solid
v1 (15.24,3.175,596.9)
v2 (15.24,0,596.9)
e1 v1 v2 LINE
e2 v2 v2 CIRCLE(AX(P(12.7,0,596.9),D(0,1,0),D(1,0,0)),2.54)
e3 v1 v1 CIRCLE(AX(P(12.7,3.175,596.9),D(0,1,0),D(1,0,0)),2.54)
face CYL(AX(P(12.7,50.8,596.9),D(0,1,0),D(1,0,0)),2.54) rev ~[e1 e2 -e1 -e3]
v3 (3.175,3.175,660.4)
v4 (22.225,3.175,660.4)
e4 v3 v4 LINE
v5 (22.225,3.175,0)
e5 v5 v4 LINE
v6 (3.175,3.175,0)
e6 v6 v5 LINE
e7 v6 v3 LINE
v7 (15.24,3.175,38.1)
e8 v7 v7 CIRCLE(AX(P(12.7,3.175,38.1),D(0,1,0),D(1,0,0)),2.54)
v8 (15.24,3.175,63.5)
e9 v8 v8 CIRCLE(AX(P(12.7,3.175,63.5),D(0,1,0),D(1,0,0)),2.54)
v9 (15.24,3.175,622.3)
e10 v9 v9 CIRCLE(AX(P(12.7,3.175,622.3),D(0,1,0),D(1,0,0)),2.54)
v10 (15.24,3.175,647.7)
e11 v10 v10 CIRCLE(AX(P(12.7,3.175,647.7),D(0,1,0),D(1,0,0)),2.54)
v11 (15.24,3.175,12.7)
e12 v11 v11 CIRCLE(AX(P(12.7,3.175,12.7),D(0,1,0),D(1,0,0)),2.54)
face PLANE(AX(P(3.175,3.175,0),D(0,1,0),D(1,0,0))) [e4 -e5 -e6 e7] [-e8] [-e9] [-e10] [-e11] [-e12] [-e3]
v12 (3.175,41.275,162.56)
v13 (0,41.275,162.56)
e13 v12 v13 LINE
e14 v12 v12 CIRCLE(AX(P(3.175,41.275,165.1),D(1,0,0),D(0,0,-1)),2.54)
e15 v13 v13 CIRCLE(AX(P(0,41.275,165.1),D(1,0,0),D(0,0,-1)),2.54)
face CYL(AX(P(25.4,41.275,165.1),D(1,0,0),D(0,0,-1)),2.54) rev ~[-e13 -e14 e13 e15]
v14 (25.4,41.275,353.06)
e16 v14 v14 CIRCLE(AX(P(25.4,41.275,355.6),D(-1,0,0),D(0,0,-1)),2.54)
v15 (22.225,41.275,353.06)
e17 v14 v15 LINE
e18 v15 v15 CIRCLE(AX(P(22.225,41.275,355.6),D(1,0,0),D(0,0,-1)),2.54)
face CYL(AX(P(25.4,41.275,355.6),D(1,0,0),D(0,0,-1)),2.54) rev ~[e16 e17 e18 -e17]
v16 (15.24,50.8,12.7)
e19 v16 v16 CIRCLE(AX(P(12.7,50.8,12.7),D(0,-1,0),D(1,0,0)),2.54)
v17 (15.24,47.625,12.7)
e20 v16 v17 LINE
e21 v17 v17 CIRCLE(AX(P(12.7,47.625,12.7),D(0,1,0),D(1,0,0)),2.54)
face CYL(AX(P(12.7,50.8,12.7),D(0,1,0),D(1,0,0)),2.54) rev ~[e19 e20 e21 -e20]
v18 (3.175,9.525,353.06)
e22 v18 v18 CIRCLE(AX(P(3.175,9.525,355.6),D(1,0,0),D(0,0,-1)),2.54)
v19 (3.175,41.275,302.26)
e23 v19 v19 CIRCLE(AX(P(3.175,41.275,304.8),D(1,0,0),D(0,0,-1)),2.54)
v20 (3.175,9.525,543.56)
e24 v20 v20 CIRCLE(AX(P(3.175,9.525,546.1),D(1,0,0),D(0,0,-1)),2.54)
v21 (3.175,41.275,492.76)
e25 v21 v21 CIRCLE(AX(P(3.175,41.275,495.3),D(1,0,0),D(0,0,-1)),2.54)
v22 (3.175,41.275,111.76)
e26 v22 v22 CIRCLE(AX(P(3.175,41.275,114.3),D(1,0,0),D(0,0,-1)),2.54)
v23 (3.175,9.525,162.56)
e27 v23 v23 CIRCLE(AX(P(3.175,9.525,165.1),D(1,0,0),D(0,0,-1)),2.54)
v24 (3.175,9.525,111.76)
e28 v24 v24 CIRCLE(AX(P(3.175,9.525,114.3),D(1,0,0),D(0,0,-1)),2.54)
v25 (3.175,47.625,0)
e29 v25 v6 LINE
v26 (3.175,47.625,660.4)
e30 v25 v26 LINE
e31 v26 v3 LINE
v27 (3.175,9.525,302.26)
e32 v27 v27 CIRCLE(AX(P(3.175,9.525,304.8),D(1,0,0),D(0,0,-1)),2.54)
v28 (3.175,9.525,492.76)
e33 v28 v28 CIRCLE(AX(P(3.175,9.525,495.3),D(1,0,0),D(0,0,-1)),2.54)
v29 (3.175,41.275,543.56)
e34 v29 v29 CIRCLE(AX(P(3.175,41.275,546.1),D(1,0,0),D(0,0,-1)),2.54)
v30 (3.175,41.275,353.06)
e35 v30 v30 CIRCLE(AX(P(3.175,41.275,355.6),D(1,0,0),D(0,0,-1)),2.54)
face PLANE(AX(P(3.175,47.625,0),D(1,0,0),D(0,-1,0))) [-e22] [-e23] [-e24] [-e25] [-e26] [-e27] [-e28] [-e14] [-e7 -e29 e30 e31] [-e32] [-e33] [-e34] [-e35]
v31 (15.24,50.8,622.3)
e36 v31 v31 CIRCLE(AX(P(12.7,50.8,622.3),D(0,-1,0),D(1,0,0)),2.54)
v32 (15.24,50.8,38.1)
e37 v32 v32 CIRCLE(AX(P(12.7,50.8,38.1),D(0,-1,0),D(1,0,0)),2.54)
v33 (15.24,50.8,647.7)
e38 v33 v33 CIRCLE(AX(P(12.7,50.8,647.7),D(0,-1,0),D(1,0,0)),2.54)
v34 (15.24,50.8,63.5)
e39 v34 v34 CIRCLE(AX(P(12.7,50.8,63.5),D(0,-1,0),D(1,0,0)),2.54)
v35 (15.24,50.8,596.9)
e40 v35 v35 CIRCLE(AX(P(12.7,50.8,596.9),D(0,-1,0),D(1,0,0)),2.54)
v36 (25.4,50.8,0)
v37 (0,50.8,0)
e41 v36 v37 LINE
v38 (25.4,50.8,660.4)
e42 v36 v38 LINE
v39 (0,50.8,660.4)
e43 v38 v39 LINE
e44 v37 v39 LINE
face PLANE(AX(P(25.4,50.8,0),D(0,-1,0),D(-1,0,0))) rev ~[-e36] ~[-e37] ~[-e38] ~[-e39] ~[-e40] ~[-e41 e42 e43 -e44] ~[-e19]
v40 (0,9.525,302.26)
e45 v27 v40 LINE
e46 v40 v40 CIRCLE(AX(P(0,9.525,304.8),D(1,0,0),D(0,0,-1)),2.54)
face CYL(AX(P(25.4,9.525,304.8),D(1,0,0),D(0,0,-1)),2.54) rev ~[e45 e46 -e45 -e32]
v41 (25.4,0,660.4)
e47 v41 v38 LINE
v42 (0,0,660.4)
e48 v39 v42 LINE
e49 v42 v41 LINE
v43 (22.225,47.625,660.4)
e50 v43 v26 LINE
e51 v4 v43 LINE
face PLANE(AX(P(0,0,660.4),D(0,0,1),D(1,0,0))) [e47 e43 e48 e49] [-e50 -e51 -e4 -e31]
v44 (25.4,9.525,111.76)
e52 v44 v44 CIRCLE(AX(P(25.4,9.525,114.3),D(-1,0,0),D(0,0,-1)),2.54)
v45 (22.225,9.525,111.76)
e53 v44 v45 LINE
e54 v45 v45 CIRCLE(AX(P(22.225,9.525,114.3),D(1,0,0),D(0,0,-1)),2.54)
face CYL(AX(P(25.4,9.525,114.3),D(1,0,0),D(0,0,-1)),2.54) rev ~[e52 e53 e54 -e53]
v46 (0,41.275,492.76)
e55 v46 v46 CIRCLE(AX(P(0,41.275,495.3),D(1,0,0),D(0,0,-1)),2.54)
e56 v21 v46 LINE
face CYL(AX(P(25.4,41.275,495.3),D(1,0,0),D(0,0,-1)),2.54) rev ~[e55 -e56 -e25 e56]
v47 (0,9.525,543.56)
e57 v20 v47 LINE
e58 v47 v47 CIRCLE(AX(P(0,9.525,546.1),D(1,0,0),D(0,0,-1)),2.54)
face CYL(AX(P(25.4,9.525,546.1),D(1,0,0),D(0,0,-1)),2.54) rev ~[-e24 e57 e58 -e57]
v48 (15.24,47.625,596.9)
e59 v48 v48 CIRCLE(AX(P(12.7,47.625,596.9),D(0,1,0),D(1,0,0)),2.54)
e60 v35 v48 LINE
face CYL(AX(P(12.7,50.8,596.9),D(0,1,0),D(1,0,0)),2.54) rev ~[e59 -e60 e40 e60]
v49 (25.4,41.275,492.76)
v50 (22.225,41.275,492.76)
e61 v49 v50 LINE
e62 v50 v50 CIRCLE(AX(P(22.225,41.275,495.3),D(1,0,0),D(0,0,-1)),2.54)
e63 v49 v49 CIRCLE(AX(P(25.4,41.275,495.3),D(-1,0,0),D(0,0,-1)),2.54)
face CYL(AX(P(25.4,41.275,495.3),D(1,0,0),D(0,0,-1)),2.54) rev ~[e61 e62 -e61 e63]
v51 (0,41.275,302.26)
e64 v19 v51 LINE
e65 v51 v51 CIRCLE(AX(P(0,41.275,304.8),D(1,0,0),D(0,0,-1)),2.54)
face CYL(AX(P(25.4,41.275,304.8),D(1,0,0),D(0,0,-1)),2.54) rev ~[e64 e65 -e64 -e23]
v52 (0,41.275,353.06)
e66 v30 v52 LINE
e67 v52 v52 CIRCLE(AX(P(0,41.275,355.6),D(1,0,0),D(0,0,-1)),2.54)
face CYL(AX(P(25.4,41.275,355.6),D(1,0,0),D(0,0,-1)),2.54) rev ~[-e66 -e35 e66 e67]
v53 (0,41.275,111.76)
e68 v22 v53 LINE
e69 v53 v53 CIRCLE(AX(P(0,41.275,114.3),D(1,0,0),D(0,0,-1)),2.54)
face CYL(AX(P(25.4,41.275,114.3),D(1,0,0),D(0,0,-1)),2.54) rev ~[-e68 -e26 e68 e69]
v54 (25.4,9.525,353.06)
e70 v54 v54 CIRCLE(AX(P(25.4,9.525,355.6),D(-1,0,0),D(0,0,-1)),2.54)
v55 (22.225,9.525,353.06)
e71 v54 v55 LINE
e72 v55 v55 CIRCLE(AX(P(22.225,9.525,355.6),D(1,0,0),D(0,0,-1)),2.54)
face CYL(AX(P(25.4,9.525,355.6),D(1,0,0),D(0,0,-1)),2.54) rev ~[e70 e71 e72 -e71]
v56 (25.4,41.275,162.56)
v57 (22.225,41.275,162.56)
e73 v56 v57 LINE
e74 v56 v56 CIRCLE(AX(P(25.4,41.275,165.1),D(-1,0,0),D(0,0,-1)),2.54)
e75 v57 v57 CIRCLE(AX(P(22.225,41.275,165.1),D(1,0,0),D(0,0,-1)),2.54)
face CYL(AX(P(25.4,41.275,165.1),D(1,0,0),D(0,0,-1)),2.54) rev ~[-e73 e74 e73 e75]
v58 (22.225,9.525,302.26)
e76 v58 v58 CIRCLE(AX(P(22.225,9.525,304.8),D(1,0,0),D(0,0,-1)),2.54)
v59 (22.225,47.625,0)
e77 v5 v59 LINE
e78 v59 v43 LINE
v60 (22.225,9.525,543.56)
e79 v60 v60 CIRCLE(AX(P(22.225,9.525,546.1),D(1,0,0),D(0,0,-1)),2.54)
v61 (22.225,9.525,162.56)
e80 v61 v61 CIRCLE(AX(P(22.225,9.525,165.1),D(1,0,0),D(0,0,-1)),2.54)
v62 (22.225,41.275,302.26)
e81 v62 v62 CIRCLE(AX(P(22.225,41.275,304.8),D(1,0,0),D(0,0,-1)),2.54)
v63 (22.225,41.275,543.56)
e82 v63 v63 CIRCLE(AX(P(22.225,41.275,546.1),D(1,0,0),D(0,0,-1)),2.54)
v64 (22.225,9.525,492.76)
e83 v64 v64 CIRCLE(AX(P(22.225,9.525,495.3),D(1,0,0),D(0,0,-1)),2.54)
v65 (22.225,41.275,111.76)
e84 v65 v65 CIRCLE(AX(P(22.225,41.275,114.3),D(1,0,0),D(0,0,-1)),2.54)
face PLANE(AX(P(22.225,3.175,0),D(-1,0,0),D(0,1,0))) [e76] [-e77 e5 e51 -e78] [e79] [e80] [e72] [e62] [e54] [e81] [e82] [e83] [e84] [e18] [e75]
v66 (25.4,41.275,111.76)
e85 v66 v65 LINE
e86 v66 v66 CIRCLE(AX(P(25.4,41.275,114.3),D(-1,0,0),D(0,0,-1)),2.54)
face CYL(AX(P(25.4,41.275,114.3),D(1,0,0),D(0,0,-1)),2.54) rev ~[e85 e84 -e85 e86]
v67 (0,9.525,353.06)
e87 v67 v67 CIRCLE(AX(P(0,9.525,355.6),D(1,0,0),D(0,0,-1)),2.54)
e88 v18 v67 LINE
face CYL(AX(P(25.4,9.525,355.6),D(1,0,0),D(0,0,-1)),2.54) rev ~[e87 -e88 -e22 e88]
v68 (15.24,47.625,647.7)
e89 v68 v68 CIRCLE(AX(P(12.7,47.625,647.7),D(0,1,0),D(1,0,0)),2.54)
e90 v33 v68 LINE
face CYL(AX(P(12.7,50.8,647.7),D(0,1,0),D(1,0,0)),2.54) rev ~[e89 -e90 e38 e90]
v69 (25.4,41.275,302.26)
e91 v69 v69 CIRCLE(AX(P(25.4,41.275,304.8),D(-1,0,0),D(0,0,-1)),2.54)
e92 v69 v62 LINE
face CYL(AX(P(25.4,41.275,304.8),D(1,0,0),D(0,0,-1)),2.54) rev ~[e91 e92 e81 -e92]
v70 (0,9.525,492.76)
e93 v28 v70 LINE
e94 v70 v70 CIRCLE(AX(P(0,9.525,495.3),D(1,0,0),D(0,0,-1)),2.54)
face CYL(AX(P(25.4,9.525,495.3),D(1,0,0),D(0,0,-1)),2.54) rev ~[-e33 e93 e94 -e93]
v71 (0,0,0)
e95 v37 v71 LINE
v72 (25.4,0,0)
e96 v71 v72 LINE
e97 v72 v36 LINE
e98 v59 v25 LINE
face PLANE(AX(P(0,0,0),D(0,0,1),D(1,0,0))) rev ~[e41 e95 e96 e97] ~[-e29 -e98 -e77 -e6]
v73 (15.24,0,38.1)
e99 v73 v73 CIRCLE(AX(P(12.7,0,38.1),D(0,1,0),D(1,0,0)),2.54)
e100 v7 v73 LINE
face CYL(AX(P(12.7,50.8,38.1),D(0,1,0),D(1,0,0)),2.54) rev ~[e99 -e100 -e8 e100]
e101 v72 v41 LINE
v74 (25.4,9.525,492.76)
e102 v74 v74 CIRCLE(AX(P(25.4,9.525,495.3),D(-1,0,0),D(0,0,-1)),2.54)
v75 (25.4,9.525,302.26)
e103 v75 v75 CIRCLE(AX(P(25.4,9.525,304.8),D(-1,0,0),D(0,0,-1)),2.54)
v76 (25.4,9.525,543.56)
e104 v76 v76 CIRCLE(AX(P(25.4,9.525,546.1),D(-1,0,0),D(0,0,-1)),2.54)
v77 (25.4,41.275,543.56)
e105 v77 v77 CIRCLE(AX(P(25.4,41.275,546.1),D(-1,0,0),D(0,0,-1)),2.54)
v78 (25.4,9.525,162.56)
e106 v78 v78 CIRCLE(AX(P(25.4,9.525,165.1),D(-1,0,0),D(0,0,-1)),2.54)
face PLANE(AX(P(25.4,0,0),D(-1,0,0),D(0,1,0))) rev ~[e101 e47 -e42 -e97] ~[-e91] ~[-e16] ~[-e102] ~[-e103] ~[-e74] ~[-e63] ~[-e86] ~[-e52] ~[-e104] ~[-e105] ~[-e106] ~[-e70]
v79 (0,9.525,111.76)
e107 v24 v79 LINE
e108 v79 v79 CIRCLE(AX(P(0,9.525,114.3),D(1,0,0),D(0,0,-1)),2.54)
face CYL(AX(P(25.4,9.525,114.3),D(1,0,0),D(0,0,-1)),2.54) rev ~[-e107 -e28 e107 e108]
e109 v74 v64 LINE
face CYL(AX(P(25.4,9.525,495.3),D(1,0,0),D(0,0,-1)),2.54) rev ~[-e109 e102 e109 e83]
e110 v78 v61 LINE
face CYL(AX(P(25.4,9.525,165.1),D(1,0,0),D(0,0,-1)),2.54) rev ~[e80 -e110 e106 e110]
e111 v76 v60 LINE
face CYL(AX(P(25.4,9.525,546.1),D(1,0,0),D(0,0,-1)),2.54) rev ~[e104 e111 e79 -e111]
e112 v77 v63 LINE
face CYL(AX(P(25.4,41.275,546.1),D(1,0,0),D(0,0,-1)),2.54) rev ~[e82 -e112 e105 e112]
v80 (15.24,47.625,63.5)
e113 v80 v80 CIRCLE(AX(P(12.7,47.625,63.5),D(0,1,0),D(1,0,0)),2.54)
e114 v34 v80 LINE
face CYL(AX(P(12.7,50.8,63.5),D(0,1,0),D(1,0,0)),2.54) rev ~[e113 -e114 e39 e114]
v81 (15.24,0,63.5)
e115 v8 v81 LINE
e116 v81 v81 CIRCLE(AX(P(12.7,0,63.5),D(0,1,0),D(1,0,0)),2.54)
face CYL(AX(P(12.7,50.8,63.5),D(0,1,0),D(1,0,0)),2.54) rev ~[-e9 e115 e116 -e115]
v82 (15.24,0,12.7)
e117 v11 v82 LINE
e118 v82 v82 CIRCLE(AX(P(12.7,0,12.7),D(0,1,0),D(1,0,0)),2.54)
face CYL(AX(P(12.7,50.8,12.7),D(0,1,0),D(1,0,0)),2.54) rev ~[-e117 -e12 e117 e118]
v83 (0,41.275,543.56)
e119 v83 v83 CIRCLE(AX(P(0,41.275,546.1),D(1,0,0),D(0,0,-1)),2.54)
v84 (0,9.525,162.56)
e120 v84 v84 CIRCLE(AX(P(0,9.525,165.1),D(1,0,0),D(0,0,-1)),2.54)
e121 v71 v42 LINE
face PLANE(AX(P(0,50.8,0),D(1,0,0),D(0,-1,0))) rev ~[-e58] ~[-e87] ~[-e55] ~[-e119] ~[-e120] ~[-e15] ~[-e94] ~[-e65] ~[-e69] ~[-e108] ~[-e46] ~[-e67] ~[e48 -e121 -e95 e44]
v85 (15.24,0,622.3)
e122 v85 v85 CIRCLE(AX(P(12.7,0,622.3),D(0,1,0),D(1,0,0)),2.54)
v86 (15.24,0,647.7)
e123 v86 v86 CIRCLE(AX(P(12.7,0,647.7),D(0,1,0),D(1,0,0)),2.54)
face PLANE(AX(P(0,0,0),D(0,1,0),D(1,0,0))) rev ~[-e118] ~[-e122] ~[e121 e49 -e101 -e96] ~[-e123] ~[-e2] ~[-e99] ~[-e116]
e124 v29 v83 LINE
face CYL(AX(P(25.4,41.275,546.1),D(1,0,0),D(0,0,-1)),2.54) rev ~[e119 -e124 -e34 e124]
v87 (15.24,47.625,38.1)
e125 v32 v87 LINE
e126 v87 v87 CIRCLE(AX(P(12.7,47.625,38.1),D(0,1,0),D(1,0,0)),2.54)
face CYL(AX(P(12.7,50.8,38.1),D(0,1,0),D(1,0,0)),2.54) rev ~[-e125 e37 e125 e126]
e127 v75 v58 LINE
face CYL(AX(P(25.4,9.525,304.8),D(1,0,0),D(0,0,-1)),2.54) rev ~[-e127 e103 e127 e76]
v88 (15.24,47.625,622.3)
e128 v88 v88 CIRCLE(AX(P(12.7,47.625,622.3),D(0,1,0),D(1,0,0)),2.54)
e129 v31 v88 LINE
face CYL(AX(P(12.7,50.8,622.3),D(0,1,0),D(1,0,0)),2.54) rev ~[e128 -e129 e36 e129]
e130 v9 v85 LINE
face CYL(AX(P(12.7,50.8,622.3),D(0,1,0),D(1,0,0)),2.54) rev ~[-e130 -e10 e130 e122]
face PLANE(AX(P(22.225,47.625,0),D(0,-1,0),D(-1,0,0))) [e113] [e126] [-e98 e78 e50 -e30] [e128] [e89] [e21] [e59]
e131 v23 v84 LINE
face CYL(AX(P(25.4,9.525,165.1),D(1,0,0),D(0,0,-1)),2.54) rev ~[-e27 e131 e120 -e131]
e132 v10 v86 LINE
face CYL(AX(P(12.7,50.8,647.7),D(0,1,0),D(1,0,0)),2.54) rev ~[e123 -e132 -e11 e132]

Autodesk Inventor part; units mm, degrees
ref_plane "YZ Plane" through (0, 0, 0) normal (1, 0, 0) x (0, 1, 0)
ref_plane "XZ Plane" through (0, 0, 0) normal (0, 1, 0) x (-1, 0, 0)
ref_plane "XY Plane" through (0, 0, 0) normal (0, 0, 1) x (1, 0, 0)
sketch "Sketch1" plane through (0, 0, 0) normal (0, 0, 1) x (1, 0, 0)
  line L0 (0, 0) -> (25.4, 0)
  line L1 (25.4, 0) -> (25.4, 50.8)
  line L2 (25.4, 50.8) -> (0, 50.8)
  line L3 (0, 50.8) -> (0, 0)
  line L4 (3.175, 3.175) -> (22.225, 3.175)
  line L5 (22.225, 3.175) -> (22.225, 47.625)
  line L6 (22.225, 47.625) -> (3.175, 47.625)
  line L7 (3.175, 47.625) -> (3.175, 3.175)
  dimension "d0" = 25.4
  dimension "d1" = 50.8
  dimension "d2" = 3.175
  dimension "d3" = 3.175
  dimension "d4" = 3.175
  dimension "d5" = 3.175
extrude "Extrusion1" add sketch "Sketch1" along normal blind 660.4
sketch "Sketch2" plane through (0, 50.8, 0) normal (0, 1, 0) x (1, 0, 0)
  line L0 (25.4, 0) -> (0, 0) projected
  line L1 (12.7, 0) -> (12.7, -660.4)
  line L2 (0, -660.4) -> (25.4, -660.4) projected
  line L3 (12.7, -660.4) -> (12.7, -647.7)
  line L4 (12.7, -647.7) -> (12.7, -622.3)
  line L5 (12.7, -622.3) -> (12.7, -596.9)
  circle A0 centre (12.7, -647.7) radius 2.54
  circle A1 centre (12.7, -622.3) radius 2.54
  circle A2 centre (12.7, -596.9) radius 2.54
  line L6 (12.7, 0) -> (12.7, -12.7)
  line L7 (12.7, -12.7) -> (12.7, -38.1)
  line L8 (12.7, -38.1) -> (12.7, -63.5)
  circle A3 centre (12.7, -63.5) radius 2.54
  circle A4 centre (12.7, -38.1) radius 2.54
  circle A5 centre (12.7, -12.7) radius 2.54
  dimension "d8" = 12.7
  dimension "d9" = 25.4
  dimension "d10" = 25.4
  dimension "d11" = 5.08
  dimension "d12" = 12.7
  dimension "d13" = 25.4
  dimension "d14" = 25.4
extrude "Extrusion2" cut sketch "Sketch2" against normal blind 660.4
sketch "Sketch3" plane through (25.4, 0, 0) normal (1, 0, 0) x (0, 0, -1)
  line L0 (0, 50.8) -> (-660.4, 50.8) projected
  line L1 (0, 50.8) -> (-114.3, 50.8)
  line L2 (-114.3, 50.8) -> (-165.1, 50.8)
  line L3 (-114.3, 50.8) -> (-114.3, 41.275)
  line L4 (-165.1, 50.8) -> (-165.1, 41.275)
  circle A0 centre (-165.1, 41.275) radius 2.54
  circle A1 centre (-114.3, 41.275) radius 2.54
  line L5 (-165.1, 0) -> (-165.1, 9.525)
  line L6 (0, 0) -> (-660.4, 0) projected
  line L7 (-114.3, 0) -> (-114.3, 9.525)
  circle A2 centre (-165.1, 9.525) radius 2.54
  circle A3 centre (-114.3, 9.525) radius 2.54
  dimension "d17" = 114.3
  dimension "d18" = 50.8
  dimension "d19" = 9.525
  dimension "d20" = 5.08
  dimension "d21" = 9.525
extrude "Extrusion3" cut sketch "Sketch3" against normal blind 660.4
sketch "Sketch4" plane through (25.4, 0, 0) normal (1, 0, 0) x (0, 0, -1)
  circle A0 centre (-165.1, 41.275) radius 2.54 projected
  line L0 (-165.1, 41.275) -> (-304.8, 41.275)
  line L1 (-304.8, 41.275) -> (-355.6, 41.275)
  line L2 (-355.6, 41.275) -> (-355.6, 9.525)
  line L3 (-355.6, 9.525) -> (-304.8, 9.525)
  circle A1 centre (-304.8, 41.275) radius 2.54
  circle A2 centre (-355.6, 41.275) radius 2.54
  circle A3 centre (-355.6, 9.525) radius 2.54
  circle A4 centre (-304.8, 9.525) radius 2.54
  point P0 (0, 0)
  dimension "d24" = 139.7
  dimension "d25" = 50.8
extrude "Extrusion4" cut sketch "Sketch4" against normal blind 660.4 contours A4 | A3 L3 L2 | L2 L3 A3 | A2 L2 L1 | L1 L2 A2 | A1 L1 L0 | L0 L1 A1
sketch "Sketch5" plane through (25.4, 0, 0) normal (1, 0, 0) x (0, 0, -1)
  circle A0 centre (-355.6, 41.275) radius 2.54 projected
  line L0 (-355.6, 41.275) -> (-495.3, 41.275)
  line L1 (-495.3, 41.275) -> (-546.1, 41.275)
  line L2 (-546.1, 41.275) -> (-546.1, 9.525)
  line L3 (-546.1, 9.525) -> (-495.3, 9.525)
  circle A1 centre (-495.3, 41.275) radius 2.54
  circle A2 centre (-546.1, 41.275) radius 2.54
  circle A3 centre (-546.1, 9.525) radius 2.54
  circle A4 centre (-495.3, 9.525) radius 2.54
  point P0 (0, 0)
  dimension "d28" = 139.7
  dimension "d29" = 50.8
extrude "Extrusion5" cut sketch "Sketch5" against normal blind 660.4 contours A4 | A3 L3 L2 | L2 L3 A3 | A2 L2 L1 | L1 L2 A2 | A1 L1 L0 | L0 L1 A1
properties part number "26 1x2" material "Aluminum 6061"
